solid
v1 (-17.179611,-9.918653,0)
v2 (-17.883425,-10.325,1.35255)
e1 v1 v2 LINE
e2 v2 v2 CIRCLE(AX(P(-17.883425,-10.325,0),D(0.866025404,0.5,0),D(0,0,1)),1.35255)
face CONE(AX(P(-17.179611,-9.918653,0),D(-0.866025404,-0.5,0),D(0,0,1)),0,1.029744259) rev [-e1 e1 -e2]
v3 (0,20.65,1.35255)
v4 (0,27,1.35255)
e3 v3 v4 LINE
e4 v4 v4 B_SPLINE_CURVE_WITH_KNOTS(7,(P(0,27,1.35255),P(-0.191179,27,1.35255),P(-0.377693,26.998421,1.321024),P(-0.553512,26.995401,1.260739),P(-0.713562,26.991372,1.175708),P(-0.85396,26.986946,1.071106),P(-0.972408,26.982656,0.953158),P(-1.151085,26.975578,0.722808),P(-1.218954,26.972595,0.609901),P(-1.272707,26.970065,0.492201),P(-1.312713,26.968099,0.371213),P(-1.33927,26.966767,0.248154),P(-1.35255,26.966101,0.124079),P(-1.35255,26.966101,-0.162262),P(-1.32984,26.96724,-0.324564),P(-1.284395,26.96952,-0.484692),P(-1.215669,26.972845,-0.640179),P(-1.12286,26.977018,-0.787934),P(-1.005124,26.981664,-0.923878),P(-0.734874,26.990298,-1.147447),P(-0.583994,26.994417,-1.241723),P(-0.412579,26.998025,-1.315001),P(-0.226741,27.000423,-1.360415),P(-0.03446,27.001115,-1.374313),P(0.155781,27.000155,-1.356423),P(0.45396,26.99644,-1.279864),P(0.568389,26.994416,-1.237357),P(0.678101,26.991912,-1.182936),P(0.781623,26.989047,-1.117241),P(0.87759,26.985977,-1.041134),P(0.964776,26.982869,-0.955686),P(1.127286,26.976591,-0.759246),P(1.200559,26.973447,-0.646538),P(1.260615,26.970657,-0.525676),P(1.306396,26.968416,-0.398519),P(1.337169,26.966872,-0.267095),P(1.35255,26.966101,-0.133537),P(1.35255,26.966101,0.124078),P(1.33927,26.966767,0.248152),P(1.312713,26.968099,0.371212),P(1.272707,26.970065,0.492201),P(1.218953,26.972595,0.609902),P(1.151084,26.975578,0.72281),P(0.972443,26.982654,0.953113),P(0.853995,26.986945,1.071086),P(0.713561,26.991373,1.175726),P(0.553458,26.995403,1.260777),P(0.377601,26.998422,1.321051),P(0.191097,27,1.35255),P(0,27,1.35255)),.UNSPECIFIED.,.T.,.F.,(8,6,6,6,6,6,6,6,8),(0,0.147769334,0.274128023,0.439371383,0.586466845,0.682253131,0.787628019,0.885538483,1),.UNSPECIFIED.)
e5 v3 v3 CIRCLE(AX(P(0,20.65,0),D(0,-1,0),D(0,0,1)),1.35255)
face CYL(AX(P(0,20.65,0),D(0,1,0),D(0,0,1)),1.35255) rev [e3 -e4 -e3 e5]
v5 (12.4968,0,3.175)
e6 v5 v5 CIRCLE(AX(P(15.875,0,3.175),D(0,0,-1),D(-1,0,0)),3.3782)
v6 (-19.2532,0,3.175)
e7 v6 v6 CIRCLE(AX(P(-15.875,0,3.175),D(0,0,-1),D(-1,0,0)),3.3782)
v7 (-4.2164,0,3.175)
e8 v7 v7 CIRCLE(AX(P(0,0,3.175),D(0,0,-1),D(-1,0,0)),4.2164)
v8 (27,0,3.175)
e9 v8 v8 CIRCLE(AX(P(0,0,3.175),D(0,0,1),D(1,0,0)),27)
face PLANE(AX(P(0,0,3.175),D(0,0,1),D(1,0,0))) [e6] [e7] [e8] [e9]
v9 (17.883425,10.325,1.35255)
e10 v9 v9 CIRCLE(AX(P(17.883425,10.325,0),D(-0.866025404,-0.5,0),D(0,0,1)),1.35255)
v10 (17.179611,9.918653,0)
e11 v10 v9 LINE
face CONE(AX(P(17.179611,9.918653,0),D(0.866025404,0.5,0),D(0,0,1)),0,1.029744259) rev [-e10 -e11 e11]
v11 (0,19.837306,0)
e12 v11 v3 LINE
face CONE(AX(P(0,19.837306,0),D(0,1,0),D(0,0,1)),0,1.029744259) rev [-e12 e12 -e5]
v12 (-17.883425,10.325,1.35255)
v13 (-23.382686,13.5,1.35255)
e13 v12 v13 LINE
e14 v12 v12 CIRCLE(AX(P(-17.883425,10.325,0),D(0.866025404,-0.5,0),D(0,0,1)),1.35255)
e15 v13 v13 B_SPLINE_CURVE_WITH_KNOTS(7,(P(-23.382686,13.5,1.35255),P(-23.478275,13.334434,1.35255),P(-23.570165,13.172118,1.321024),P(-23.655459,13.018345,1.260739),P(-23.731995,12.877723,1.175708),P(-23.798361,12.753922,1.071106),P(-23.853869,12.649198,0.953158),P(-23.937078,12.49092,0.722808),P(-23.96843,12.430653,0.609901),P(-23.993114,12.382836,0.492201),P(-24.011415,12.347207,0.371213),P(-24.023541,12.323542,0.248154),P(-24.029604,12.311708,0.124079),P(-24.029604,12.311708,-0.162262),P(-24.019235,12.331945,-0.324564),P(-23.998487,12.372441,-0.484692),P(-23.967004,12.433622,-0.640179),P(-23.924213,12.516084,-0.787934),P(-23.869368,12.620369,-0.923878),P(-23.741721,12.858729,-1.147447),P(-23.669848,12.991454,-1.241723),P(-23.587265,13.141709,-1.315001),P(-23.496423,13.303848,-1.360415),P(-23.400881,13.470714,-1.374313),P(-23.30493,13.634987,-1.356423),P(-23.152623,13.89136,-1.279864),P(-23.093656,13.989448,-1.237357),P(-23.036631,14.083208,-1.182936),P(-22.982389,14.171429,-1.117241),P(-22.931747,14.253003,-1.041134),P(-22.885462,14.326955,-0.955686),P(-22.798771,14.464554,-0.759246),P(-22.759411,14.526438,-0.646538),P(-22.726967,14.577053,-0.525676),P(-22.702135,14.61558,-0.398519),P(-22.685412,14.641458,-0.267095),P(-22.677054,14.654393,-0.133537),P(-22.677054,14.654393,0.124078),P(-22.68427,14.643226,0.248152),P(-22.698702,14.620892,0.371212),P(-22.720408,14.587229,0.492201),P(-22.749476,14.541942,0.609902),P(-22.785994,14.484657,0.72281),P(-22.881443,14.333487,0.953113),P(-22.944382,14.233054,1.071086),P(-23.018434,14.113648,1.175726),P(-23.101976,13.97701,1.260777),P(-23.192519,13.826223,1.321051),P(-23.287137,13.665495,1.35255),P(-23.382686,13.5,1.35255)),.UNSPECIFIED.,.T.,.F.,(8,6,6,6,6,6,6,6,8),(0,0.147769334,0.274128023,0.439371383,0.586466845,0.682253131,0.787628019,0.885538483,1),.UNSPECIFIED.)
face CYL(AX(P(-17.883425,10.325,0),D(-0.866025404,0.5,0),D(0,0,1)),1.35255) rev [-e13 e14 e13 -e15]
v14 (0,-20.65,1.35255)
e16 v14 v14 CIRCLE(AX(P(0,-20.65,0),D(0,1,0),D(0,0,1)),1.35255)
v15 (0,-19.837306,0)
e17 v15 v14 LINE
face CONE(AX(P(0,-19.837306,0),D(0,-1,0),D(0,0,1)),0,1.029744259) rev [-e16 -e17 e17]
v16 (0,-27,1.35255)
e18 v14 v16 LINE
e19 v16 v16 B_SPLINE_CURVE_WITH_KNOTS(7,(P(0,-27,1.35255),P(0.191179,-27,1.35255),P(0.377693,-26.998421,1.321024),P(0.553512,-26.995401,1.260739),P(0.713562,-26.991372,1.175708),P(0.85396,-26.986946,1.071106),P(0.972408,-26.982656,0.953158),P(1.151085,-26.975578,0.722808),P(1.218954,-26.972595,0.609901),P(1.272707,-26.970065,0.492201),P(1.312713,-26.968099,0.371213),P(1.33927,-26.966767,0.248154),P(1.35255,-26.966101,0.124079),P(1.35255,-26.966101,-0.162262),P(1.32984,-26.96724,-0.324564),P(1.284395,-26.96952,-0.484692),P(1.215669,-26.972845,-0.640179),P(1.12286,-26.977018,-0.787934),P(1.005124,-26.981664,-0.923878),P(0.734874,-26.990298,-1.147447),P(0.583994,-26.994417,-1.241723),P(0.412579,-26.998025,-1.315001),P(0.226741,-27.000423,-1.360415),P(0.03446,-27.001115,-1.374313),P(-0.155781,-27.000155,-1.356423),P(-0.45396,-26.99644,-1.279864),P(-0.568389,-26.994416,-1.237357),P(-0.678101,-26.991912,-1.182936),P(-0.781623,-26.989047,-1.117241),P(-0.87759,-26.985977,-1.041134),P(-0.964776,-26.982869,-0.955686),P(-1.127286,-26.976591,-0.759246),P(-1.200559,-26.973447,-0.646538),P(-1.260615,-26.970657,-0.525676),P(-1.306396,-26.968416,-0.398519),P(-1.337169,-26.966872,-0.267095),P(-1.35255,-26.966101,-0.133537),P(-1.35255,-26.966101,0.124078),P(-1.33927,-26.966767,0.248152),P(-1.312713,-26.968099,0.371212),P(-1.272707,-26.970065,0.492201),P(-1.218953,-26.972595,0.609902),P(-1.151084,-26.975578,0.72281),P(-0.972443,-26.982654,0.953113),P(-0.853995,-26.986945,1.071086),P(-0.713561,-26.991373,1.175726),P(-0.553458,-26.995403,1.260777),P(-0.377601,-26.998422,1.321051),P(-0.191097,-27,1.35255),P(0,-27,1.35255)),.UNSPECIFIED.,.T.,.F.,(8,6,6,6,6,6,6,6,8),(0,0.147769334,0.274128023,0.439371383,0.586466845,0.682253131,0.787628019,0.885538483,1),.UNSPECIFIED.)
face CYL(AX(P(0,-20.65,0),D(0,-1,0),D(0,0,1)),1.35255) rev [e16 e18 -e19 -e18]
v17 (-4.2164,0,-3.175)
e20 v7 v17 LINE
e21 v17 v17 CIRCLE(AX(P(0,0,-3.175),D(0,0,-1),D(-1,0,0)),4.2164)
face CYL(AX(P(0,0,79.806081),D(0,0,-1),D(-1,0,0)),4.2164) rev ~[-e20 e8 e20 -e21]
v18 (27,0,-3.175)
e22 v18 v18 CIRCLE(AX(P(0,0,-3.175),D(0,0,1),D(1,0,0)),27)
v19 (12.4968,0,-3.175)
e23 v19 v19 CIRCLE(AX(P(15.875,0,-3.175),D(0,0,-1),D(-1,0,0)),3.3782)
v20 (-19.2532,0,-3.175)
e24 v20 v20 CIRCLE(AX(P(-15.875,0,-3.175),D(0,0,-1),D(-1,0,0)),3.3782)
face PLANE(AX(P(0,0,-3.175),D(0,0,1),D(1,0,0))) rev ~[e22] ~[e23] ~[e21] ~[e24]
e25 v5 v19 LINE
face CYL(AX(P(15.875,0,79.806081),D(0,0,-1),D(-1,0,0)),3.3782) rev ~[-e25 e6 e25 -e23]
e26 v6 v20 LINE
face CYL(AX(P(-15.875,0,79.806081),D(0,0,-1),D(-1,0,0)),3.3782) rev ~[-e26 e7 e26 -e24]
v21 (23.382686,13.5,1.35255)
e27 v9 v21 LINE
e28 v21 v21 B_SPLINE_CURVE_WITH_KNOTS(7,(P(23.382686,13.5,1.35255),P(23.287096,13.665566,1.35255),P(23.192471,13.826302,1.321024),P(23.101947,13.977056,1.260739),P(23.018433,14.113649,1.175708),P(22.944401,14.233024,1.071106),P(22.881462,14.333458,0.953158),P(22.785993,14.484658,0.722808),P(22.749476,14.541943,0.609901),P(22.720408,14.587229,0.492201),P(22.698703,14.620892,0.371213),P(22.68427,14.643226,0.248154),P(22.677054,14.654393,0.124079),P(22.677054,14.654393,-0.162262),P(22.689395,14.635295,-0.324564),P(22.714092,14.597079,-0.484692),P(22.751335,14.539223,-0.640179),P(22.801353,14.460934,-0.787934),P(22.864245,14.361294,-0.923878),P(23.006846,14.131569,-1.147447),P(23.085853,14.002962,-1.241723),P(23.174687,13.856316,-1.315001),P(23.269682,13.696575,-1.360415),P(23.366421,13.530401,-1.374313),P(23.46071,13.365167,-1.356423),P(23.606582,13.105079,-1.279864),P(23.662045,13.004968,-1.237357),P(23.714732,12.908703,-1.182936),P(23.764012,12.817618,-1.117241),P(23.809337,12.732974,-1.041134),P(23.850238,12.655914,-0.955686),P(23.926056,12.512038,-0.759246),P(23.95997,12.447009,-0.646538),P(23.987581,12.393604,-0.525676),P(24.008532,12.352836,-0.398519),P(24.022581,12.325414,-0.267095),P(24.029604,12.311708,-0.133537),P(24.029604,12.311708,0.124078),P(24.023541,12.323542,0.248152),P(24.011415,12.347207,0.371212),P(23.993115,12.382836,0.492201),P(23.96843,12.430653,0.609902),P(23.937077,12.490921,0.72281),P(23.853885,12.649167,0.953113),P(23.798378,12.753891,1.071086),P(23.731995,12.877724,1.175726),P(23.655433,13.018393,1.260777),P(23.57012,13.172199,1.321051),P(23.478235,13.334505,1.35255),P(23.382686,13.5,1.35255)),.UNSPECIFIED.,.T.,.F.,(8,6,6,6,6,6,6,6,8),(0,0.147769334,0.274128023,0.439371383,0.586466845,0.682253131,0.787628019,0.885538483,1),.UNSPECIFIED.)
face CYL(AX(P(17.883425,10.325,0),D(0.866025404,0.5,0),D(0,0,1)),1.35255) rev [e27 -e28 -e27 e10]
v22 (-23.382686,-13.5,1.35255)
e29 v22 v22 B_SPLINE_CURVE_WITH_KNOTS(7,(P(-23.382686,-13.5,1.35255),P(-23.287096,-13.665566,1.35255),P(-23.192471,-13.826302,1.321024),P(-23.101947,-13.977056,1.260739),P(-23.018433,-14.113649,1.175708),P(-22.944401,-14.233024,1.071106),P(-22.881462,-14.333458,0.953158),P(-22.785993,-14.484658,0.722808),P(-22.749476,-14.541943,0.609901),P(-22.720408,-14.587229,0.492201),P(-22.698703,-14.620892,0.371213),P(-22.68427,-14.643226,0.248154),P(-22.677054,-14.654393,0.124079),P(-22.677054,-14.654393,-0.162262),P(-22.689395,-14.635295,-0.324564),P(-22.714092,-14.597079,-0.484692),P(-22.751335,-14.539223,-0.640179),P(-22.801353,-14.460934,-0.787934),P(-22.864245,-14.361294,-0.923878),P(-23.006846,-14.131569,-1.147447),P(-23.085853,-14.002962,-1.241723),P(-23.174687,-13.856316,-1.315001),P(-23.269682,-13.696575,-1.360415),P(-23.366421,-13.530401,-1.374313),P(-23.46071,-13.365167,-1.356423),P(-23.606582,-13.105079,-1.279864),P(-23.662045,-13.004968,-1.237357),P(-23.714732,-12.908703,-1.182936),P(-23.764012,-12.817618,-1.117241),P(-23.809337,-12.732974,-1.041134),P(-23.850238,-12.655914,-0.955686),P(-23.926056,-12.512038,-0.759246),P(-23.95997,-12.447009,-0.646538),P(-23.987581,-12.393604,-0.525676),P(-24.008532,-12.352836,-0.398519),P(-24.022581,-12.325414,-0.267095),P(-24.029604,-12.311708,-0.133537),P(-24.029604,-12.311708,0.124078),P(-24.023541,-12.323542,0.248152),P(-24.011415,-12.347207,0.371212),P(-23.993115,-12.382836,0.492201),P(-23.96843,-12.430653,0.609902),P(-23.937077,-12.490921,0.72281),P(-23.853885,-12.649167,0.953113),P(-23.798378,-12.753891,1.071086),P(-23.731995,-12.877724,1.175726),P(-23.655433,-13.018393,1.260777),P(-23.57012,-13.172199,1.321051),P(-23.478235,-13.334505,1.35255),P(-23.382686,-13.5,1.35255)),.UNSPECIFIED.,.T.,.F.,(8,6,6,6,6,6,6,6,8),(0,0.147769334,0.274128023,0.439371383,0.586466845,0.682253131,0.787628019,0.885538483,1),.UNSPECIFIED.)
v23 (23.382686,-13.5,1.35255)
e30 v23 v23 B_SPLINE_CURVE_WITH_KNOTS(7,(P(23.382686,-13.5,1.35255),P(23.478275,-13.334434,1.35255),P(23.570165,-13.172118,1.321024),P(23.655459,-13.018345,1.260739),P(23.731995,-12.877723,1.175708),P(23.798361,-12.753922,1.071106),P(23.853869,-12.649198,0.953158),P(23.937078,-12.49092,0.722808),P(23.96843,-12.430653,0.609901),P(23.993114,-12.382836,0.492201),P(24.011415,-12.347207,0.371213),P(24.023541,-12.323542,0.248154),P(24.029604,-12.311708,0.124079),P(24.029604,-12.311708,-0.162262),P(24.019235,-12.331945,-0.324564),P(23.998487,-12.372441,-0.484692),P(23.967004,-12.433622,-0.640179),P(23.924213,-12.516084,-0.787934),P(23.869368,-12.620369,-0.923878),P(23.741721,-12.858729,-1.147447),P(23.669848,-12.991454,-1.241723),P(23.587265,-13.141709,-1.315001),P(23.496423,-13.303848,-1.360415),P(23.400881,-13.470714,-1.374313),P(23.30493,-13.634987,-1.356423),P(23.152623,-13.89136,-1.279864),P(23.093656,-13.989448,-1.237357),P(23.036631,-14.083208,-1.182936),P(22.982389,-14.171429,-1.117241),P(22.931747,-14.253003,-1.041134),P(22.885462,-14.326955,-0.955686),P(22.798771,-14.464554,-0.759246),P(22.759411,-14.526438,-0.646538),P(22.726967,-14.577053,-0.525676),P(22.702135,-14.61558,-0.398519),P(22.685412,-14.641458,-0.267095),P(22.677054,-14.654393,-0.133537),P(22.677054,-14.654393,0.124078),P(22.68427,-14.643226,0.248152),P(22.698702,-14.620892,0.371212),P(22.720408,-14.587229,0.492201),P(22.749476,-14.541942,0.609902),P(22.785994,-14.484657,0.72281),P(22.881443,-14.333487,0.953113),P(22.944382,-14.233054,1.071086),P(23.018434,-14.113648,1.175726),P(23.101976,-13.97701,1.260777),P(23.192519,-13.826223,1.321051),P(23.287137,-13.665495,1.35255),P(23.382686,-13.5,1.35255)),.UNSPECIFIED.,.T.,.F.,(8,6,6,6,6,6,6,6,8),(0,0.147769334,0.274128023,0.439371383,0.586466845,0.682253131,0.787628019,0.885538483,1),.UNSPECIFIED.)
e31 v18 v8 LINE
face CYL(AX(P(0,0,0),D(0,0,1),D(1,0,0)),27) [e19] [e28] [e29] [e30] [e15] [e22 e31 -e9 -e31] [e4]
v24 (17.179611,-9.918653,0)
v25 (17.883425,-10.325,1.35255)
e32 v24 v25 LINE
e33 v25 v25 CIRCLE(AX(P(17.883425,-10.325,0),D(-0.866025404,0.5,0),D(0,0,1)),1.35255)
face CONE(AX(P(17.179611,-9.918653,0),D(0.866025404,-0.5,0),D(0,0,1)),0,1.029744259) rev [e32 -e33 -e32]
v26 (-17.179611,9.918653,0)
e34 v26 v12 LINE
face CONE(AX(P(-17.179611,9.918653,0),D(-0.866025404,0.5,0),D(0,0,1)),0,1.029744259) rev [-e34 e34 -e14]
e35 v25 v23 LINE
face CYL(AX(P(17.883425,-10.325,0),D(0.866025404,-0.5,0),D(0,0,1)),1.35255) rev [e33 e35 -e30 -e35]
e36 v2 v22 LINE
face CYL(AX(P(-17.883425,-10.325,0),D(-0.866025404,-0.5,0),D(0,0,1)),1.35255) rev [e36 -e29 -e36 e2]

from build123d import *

# Parameters (mm, degrees)
SKETCH2_R                = 27
BOSS_EXTRUDE1_DEPTH      = 3.175
F_5_16_CLEARANCE_HOLE1_D = 8.4328
F_1_4_CLEARANCE_HOLE1_D  = 6.7564
CIRPATTERN1_COUNT        = 6


with BuildPart() as part:
    # Sketch2 → Boss-Extrude1 (new body, symmetric)
    with BuildSketch(Plane.XY):
        Circle(SKETCH2_R)
    extrude(amount=BOSS_EXTRUDE1_DEPTH, both=True)

    # 5/16 Clearance Hole1 (through all)
    with Locations(Plane.XY.offset(3.175)):
        with Locations((0, 0)):
            Hole(F_5_16_CLEARANCE_HOLE1_D / 2)

    # 1/4 Clearance Hole1 (through all)
    with Locations(Plane.XY.offset(3.175)):
        with Locations((-15.875, 0), (15.875, 0)):
            Hole(F_1_4_CLEARANCE_HOLE1_D / 2)

    # Sketch9 → Tap Drill for #6-32 Tap1 (revolve, cut)
    with BuildSketch(Plane(origin=(0, 27, 0), x_dir=(0, 0, 1), z_dir=(1, 0, 0))):
        Polygon((0, 0), (0, 7.16269403), (1.35255, 6.35), (1.35255, 0), align=None)
    tap_drill_for_6_32_tap1 = revolve(axis=Axis((0, 33.35, 0), (0, -1, 0)), mode=Mode.SUBTRACT)

    # CirPattern1: Tap Drill for #6-32 Tap1 ×6 about axis
    cirpattern1_axis = Axis((0, 0, 3.175), (0, 0, 1))
    for i in range(1, CIRPATTERN1_COUNT):
        add(tap_drill_for_6_32_tap1.rotate(cirpattern1_axis, i * 360 / CIRPATTERN1_COUNT), mode=Mode.SUBTRACT)


solid = part.part
